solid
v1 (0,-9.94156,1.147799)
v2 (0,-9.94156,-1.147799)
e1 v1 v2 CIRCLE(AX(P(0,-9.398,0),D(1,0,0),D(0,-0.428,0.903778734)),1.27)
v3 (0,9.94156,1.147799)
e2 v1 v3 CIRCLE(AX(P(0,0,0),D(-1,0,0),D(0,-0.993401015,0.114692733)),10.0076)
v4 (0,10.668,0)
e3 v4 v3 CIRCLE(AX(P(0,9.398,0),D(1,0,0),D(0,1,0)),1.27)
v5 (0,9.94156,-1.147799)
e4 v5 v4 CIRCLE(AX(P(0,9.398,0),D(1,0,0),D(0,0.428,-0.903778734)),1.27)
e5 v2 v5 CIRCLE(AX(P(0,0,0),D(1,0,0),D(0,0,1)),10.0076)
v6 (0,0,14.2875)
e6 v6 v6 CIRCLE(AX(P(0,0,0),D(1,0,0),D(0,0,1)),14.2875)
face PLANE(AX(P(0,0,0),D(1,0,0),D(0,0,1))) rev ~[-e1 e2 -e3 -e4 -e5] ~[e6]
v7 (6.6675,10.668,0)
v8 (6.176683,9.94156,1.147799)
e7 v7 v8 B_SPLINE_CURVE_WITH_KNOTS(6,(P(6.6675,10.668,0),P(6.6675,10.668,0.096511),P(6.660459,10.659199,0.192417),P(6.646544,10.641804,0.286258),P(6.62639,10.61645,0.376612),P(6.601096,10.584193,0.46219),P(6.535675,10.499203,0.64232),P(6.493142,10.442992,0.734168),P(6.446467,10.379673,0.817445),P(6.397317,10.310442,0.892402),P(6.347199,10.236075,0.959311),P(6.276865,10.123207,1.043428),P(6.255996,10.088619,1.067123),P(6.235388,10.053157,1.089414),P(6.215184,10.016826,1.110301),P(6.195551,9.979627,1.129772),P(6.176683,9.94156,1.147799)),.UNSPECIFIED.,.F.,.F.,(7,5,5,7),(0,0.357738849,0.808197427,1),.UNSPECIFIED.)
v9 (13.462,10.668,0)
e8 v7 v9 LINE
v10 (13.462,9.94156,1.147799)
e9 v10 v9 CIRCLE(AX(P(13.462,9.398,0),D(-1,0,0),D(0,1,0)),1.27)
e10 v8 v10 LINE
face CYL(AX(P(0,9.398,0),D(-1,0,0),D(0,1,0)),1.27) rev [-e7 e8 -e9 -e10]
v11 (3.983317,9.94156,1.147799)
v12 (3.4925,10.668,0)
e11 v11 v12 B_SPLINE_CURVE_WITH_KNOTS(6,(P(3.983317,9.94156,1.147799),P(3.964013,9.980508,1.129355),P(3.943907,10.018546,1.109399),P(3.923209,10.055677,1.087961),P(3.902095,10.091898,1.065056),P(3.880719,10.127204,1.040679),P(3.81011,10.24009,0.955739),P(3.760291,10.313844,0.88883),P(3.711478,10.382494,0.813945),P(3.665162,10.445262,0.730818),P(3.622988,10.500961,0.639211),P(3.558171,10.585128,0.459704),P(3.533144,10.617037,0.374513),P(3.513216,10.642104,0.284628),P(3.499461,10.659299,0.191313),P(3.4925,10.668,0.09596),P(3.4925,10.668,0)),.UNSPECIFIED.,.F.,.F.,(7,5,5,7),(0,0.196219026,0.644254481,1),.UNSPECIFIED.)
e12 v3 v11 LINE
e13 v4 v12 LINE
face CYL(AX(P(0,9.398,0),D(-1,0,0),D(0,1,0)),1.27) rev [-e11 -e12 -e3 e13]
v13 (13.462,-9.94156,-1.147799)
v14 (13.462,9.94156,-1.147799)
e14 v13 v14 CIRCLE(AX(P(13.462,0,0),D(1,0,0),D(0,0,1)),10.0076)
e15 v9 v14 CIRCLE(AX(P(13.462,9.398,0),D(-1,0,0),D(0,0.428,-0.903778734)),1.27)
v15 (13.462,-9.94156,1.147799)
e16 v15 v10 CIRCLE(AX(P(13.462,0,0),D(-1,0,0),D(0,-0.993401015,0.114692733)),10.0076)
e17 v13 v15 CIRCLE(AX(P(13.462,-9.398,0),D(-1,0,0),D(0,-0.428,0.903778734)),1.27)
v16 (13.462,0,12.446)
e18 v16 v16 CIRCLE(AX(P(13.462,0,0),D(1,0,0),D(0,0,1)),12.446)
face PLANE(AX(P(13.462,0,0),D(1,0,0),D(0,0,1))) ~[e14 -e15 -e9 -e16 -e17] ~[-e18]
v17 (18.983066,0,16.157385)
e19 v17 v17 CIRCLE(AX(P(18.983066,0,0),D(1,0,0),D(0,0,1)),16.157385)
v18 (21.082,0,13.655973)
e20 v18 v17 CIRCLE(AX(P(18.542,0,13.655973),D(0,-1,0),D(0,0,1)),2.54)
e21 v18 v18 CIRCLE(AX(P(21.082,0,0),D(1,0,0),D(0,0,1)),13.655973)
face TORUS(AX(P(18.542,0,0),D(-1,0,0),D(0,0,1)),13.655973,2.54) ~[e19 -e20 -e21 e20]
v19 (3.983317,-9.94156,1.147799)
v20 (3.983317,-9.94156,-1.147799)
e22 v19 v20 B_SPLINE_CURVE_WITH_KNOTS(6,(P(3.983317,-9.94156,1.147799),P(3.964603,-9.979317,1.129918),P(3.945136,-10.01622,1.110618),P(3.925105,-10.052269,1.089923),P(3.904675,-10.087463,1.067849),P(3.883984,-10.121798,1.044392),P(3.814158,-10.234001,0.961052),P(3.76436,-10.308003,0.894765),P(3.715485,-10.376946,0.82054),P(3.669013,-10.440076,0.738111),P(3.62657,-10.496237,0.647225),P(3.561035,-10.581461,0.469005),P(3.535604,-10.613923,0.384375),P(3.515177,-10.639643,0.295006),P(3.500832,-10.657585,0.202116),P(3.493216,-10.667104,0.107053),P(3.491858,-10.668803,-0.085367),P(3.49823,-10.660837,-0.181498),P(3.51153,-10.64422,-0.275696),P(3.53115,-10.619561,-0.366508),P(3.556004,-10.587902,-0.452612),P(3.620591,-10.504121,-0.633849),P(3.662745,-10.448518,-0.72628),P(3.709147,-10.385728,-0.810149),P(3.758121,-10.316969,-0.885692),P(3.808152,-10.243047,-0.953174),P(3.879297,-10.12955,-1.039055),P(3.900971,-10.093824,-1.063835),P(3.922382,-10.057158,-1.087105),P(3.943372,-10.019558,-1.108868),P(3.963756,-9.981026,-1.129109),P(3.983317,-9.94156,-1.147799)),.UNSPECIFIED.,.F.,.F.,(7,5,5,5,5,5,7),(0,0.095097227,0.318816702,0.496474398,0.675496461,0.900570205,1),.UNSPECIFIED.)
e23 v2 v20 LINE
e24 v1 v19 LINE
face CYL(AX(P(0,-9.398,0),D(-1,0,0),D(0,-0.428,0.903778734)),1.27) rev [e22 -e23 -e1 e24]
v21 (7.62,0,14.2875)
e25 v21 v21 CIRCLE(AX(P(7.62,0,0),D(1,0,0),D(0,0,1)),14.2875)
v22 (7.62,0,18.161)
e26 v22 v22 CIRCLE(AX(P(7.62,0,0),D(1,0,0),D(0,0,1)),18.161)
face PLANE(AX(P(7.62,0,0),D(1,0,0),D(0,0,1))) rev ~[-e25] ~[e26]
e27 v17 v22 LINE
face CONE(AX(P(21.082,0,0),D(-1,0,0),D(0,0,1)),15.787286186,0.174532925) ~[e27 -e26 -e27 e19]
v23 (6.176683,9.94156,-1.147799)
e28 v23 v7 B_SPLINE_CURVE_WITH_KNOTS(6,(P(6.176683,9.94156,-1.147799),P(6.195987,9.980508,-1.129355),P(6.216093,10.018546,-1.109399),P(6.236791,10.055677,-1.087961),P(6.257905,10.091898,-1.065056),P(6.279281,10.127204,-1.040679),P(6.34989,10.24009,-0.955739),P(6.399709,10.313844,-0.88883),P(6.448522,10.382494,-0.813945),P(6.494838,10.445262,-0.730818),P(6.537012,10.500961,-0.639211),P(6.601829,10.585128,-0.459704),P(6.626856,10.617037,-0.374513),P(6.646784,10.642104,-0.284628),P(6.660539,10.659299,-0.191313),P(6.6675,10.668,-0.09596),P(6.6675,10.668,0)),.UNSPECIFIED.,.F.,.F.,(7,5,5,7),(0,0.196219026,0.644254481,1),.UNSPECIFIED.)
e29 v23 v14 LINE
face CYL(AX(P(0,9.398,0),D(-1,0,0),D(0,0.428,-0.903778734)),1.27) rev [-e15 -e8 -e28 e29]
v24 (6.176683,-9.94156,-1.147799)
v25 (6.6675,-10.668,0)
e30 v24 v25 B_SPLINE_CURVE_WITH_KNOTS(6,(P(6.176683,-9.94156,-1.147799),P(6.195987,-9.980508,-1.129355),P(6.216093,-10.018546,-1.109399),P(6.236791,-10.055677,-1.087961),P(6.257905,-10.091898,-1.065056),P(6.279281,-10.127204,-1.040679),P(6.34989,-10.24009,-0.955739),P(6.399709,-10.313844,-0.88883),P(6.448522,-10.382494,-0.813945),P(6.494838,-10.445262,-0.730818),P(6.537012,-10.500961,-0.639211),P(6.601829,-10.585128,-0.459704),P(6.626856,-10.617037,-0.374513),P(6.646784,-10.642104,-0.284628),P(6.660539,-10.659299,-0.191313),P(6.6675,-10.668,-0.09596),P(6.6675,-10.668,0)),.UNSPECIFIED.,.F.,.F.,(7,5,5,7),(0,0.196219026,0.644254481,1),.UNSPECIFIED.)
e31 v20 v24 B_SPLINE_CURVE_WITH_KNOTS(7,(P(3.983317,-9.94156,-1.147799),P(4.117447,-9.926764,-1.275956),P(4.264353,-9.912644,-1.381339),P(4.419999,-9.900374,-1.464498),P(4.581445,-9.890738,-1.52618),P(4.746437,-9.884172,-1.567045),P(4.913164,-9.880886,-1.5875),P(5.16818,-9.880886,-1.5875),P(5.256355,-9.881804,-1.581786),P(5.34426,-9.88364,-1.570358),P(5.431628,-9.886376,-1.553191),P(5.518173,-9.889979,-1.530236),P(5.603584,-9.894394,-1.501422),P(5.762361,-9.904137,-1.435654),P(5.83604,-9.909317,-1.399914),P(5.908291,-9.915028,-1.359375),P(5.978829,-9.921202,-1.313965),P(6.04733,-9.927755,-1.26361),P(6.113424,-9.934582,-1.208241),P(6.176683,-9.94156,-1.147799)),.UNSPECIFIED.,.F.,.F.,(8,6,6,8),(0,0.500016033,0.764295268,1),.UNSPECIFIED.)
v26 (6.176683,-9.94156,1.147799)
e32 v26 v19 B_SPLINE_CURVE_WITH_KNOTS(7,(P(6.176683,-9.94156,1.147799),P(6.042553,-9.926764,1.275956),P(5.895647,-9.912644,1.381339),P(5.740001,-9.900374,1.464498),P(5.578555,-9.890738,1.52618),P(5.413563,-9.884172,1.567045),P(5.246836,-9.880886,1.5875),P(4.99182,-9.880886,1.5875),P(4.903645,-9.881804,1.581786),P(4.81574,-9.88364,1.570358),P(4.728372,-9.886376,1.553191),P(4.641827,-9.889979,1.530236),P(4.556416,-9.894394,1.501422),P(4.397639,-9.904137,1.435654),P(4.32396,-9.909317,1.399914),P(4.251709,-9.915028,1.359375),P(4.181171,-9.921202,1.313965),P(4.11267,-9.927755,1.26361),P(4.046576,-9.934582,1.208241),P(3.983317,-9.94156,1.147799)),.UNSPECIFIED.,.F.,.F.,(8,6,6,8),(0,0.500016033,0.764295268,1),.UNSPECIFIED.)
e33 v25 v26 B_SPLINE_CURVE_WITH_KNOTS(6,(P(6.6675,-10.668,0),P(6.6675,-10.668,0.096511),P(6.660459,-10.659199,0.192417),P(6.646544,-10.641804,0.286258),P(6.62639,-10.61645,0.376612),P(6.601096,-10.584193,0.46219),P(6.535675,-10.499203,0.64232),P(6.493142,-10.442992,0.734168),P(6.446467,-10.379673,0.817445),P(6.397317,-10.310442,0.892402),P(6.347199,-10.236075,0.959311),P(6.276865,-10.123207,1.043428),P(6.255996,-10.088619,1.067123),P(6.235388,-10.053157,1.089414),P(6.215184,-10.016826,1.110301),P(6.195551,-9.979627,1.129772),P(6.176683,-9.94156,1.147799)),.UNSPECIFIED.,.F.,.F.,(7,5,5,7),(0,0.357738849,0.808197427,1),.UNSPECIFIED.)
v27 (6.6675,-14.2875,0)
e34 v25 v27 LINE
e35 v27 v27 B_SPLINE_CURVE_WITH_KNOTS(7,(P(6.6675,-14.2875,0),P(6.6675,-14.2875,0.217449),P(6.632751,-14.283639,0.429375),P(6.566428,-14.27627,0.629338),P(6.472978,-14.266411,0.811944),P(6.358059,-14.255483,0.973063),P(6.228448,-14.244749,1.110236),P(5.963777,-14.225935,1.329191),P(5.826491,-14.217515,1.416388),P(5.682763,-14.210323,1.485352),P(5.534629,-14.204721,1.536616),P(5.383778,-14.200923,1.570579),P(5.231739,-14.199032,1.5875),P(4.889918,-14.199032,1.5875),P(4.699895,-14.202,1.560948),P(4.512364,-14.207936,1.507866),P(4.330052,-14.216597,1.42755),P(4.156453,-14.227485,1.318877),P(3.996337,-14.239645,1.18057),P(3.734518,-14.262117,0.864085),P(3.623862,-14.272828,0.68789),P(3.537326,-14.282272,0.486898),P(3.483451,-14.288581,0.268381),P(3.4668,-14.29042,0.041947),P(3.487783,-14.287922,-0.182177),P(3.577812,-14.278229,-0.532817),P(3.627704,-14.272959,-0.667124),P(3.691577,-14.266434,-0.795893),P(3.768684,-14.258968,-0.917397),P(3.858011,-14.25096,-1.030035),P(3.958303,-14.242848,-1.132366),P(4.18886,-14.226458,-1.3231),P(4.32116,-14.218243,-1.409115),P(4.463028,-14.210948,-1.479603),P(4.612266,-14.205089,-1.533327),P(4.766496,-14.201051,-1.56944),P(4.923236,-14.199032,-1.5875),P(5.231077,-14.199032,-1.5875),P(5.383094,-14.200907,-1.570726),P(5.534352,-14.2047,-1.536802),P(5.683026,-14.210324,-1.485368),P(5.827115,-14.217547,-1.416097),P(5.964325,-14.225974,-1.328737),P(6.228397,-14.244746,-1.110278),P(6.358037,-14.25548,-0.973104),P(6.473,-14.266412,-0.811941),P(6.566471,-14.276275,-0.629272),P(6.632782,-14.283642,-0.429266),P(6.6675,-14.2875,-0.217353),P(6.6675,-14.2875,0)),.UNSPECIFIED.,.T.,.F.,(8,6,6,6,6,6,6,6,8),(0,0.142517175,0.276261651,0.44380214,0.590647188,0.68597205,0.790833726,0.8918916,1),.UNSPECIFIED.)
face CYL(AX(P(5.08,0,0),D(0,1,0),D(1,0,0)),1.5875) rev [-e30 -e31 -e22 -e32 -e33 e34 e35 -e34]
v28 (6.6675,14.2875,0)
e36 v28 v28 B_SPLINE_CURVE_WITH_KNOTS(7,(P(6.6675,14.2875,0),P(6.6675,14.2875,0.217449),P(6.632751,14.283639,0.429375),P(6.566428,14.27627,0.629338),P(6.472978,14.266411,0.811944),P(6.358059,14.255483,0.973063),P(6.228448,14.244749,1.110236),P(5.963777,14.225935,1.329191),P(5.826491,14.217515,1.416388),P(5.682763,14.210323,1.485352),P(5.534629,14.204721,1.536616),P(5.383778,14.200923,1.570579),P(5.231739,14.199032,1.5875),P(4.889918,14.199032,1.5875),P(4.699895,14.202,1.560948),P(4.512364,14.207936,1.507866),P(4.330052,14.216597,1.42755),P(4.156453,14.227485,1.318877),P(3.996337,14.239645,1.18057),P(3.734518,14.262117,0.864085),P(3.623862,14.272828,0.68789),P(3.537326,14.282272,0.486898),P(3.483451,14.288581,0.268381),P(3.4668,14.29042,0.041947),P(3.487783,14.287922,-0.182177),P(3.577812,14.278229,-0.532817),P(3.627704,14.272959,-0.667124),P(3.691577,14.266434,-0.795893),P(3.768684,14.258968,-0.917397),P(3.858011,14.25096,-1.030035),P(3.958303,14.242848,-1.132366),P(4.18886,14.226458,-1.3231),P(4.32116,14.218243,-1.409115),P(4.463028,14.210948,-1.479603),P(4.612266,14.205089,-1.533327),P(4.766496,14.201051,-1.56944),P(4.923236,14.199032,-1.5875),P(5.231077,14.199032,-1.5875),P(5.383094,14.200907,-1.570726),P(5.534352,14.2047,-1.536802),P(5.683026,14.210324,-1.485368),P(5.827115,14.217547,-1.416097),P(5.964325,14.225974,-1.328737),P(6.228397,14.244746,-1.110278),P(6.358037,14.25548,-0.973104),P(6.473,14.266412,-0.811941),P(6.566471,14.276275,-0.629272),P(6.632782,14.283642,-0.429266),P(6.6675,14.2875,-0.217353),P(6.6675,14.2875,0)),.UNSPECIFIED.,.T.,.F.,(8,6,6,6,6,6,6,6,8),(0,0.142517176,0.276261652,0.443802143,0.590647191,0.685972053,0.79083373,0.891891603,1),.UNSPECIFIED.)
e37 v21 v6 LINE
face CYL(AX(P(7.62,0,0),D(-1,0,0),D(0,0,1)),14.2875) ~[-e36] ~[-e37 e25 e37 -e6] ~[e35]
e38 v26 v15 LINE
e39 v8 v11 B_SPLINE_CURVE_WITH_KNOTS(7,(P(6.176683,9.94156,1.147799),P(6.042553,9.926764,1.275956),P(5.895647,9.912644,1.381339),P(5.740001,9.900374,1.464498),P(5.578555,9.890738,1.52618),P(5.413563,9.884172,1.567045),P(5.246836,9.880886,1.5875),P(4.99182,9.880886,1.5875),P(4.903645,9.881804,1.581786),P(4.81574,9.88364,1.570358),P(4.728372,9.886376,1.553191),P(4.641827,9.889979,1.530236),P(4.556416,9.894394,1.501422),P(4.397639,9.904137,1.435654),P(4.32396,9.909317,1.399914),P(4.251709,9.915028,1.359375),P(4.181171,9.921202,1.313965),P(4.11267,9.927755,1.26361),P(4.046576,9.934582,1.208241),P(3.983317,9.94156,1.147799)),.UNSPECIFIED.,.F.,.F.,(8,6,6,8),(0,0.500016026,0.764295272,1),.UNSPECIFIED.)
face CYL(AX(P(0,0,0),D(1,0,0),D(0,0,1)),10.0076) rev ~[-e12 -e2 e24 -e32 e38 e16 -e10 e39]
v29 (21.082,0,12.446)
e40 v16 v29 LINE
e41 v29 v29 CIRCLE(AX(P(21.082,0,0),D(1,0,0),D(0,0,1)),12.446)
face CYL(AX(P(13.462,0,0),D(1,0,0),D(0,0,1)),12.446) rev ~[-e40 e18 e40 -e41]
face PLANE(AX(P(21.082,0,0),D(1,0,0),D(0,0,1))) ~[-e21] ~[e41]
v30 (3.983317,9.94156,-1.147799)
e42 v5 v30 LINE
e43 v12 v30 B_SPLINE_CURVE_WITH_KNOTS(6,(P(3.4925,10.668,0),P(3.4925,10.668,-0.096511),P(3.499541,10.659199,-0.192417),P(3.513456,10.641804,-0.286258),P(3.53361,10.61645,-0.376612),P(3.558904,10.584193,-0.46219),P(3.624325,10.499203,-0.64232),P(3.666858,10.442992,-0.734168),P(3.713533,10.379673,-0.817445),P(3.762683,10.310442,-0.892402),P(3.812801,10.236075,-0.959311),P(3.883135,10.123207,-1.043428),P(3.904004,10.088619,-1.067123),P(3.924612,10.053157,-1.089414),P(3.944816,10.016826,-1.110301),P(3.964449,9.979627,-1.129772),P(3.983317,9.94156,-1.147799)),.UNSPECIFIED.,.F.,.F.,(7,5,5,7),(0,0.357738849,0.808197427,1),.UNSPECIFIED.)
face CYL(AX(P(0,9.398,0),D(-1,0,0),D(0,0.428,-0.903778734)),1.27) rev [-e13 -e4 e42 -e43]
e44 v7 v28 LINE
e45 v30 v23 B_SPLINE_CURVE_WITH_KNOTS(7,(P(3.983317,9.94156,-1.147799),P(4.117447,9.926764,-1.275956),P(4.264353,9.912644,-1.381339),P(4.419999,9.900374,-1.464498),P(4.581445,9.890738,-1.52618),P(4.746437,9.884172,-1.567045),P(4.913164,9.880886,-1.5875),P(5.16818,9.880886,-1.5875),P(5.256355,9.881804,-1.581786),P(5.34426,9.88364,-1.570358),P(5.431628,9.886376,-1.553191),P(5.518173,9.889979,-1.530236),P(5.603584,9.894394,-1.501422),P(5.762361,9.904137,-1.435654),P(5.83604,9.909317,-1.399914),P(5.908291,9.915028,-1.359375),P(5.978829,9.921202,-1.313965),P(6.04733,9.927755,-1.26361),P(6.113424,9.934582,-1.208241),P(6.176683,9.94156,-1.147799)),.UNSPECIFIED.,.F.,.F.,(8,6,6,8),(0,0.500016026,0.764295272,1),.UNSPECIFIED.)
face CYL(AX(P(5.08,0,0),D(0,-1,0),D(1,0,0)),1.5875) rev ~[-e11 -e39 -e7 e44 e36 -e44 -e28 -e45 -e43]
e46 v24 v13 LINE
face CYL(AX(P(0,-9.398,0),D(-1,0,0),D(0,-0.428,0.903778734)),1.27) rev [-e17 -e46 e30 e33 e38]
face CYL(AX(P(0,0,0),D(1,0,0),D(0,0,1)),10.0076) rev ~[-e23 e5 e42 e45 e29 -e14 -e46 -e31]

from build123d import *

# Parameters (mm, degrees)
F2_R          = 2.54
F4_DEPTH      = 21.083
F5_R          = 1.5875
F6_DEPTH      = 18.162
F6_DEPTH_BACK = 18.162


with BuildPart() as f1:
    # F0 (on Front) → F1 (revolve)
    with BuildSketch(Plane.XZ):
        Polygon((7.62, 18.161), (7.62, 14.2875), (0, 14.2875), (0, 10.0076), (13.462, 10.0076), (13.462, 12.446), (21.082, 12.446), (21.082, 15.7872861857), align=None)
    revolve(axis=Axis((10.541, 0, 0), (1, 0, 0)))

    # F2
    f2_edges = [f1.edges().sort_by_distance(p)[0] for p in [
        (21.082, 0, -15.787286),
    ]]
    fillet(f2_edges, radius=F2_R)

    # F3 (on Right) → F4 (cut, through all)
    with BuildSketch(Plane.YZ):
        with BuildLine():
            ThreePointArc((-9.94156, -1.1477989922), (-10.0076, 0), (-9.94156, 1.1477989922))
            ThreePointArc((-9.94156, 1.1477989922), (-10.668, 0), (-9.94156, -1.1477989922))
        make_face()
        with BuildLine():
            ThreePointArc((9.94156, 1.1477989922), (9.9910763588, 0.574848634), (10.0076, 0))
            ThreePointArc((10.0076, 0), (9.9910763588, -0.574848634), (9.94156, -1.1477989922))
            ThreePointArc((9.94156, -1.1477989922), (10.4711312129, -0.6791828914), (10.668, 0))
            ThreePointArc((10.668, 0), (10.4711312129, 0.6791828914), (9.94156, 1.1477989922))
        make_face()
    extrude(amount=F4_DEPTH, mode=Mode.SUBTRACT)

    # F5 (on Front) → F6 (cut, two sides)
    with BuildSketch(Plane.XZ) as f6_sk:
        with Locations((5.08, 0)):
            Circle(F5_R)
    extrude(amount=-F6_DEPTH, mode=Mode.SUBTRACT)
    extrude(f6_sk.sketch, amount=F6_DEPTH_BACK, mode=Mode.SUBTRACT)


solid = f1.part
